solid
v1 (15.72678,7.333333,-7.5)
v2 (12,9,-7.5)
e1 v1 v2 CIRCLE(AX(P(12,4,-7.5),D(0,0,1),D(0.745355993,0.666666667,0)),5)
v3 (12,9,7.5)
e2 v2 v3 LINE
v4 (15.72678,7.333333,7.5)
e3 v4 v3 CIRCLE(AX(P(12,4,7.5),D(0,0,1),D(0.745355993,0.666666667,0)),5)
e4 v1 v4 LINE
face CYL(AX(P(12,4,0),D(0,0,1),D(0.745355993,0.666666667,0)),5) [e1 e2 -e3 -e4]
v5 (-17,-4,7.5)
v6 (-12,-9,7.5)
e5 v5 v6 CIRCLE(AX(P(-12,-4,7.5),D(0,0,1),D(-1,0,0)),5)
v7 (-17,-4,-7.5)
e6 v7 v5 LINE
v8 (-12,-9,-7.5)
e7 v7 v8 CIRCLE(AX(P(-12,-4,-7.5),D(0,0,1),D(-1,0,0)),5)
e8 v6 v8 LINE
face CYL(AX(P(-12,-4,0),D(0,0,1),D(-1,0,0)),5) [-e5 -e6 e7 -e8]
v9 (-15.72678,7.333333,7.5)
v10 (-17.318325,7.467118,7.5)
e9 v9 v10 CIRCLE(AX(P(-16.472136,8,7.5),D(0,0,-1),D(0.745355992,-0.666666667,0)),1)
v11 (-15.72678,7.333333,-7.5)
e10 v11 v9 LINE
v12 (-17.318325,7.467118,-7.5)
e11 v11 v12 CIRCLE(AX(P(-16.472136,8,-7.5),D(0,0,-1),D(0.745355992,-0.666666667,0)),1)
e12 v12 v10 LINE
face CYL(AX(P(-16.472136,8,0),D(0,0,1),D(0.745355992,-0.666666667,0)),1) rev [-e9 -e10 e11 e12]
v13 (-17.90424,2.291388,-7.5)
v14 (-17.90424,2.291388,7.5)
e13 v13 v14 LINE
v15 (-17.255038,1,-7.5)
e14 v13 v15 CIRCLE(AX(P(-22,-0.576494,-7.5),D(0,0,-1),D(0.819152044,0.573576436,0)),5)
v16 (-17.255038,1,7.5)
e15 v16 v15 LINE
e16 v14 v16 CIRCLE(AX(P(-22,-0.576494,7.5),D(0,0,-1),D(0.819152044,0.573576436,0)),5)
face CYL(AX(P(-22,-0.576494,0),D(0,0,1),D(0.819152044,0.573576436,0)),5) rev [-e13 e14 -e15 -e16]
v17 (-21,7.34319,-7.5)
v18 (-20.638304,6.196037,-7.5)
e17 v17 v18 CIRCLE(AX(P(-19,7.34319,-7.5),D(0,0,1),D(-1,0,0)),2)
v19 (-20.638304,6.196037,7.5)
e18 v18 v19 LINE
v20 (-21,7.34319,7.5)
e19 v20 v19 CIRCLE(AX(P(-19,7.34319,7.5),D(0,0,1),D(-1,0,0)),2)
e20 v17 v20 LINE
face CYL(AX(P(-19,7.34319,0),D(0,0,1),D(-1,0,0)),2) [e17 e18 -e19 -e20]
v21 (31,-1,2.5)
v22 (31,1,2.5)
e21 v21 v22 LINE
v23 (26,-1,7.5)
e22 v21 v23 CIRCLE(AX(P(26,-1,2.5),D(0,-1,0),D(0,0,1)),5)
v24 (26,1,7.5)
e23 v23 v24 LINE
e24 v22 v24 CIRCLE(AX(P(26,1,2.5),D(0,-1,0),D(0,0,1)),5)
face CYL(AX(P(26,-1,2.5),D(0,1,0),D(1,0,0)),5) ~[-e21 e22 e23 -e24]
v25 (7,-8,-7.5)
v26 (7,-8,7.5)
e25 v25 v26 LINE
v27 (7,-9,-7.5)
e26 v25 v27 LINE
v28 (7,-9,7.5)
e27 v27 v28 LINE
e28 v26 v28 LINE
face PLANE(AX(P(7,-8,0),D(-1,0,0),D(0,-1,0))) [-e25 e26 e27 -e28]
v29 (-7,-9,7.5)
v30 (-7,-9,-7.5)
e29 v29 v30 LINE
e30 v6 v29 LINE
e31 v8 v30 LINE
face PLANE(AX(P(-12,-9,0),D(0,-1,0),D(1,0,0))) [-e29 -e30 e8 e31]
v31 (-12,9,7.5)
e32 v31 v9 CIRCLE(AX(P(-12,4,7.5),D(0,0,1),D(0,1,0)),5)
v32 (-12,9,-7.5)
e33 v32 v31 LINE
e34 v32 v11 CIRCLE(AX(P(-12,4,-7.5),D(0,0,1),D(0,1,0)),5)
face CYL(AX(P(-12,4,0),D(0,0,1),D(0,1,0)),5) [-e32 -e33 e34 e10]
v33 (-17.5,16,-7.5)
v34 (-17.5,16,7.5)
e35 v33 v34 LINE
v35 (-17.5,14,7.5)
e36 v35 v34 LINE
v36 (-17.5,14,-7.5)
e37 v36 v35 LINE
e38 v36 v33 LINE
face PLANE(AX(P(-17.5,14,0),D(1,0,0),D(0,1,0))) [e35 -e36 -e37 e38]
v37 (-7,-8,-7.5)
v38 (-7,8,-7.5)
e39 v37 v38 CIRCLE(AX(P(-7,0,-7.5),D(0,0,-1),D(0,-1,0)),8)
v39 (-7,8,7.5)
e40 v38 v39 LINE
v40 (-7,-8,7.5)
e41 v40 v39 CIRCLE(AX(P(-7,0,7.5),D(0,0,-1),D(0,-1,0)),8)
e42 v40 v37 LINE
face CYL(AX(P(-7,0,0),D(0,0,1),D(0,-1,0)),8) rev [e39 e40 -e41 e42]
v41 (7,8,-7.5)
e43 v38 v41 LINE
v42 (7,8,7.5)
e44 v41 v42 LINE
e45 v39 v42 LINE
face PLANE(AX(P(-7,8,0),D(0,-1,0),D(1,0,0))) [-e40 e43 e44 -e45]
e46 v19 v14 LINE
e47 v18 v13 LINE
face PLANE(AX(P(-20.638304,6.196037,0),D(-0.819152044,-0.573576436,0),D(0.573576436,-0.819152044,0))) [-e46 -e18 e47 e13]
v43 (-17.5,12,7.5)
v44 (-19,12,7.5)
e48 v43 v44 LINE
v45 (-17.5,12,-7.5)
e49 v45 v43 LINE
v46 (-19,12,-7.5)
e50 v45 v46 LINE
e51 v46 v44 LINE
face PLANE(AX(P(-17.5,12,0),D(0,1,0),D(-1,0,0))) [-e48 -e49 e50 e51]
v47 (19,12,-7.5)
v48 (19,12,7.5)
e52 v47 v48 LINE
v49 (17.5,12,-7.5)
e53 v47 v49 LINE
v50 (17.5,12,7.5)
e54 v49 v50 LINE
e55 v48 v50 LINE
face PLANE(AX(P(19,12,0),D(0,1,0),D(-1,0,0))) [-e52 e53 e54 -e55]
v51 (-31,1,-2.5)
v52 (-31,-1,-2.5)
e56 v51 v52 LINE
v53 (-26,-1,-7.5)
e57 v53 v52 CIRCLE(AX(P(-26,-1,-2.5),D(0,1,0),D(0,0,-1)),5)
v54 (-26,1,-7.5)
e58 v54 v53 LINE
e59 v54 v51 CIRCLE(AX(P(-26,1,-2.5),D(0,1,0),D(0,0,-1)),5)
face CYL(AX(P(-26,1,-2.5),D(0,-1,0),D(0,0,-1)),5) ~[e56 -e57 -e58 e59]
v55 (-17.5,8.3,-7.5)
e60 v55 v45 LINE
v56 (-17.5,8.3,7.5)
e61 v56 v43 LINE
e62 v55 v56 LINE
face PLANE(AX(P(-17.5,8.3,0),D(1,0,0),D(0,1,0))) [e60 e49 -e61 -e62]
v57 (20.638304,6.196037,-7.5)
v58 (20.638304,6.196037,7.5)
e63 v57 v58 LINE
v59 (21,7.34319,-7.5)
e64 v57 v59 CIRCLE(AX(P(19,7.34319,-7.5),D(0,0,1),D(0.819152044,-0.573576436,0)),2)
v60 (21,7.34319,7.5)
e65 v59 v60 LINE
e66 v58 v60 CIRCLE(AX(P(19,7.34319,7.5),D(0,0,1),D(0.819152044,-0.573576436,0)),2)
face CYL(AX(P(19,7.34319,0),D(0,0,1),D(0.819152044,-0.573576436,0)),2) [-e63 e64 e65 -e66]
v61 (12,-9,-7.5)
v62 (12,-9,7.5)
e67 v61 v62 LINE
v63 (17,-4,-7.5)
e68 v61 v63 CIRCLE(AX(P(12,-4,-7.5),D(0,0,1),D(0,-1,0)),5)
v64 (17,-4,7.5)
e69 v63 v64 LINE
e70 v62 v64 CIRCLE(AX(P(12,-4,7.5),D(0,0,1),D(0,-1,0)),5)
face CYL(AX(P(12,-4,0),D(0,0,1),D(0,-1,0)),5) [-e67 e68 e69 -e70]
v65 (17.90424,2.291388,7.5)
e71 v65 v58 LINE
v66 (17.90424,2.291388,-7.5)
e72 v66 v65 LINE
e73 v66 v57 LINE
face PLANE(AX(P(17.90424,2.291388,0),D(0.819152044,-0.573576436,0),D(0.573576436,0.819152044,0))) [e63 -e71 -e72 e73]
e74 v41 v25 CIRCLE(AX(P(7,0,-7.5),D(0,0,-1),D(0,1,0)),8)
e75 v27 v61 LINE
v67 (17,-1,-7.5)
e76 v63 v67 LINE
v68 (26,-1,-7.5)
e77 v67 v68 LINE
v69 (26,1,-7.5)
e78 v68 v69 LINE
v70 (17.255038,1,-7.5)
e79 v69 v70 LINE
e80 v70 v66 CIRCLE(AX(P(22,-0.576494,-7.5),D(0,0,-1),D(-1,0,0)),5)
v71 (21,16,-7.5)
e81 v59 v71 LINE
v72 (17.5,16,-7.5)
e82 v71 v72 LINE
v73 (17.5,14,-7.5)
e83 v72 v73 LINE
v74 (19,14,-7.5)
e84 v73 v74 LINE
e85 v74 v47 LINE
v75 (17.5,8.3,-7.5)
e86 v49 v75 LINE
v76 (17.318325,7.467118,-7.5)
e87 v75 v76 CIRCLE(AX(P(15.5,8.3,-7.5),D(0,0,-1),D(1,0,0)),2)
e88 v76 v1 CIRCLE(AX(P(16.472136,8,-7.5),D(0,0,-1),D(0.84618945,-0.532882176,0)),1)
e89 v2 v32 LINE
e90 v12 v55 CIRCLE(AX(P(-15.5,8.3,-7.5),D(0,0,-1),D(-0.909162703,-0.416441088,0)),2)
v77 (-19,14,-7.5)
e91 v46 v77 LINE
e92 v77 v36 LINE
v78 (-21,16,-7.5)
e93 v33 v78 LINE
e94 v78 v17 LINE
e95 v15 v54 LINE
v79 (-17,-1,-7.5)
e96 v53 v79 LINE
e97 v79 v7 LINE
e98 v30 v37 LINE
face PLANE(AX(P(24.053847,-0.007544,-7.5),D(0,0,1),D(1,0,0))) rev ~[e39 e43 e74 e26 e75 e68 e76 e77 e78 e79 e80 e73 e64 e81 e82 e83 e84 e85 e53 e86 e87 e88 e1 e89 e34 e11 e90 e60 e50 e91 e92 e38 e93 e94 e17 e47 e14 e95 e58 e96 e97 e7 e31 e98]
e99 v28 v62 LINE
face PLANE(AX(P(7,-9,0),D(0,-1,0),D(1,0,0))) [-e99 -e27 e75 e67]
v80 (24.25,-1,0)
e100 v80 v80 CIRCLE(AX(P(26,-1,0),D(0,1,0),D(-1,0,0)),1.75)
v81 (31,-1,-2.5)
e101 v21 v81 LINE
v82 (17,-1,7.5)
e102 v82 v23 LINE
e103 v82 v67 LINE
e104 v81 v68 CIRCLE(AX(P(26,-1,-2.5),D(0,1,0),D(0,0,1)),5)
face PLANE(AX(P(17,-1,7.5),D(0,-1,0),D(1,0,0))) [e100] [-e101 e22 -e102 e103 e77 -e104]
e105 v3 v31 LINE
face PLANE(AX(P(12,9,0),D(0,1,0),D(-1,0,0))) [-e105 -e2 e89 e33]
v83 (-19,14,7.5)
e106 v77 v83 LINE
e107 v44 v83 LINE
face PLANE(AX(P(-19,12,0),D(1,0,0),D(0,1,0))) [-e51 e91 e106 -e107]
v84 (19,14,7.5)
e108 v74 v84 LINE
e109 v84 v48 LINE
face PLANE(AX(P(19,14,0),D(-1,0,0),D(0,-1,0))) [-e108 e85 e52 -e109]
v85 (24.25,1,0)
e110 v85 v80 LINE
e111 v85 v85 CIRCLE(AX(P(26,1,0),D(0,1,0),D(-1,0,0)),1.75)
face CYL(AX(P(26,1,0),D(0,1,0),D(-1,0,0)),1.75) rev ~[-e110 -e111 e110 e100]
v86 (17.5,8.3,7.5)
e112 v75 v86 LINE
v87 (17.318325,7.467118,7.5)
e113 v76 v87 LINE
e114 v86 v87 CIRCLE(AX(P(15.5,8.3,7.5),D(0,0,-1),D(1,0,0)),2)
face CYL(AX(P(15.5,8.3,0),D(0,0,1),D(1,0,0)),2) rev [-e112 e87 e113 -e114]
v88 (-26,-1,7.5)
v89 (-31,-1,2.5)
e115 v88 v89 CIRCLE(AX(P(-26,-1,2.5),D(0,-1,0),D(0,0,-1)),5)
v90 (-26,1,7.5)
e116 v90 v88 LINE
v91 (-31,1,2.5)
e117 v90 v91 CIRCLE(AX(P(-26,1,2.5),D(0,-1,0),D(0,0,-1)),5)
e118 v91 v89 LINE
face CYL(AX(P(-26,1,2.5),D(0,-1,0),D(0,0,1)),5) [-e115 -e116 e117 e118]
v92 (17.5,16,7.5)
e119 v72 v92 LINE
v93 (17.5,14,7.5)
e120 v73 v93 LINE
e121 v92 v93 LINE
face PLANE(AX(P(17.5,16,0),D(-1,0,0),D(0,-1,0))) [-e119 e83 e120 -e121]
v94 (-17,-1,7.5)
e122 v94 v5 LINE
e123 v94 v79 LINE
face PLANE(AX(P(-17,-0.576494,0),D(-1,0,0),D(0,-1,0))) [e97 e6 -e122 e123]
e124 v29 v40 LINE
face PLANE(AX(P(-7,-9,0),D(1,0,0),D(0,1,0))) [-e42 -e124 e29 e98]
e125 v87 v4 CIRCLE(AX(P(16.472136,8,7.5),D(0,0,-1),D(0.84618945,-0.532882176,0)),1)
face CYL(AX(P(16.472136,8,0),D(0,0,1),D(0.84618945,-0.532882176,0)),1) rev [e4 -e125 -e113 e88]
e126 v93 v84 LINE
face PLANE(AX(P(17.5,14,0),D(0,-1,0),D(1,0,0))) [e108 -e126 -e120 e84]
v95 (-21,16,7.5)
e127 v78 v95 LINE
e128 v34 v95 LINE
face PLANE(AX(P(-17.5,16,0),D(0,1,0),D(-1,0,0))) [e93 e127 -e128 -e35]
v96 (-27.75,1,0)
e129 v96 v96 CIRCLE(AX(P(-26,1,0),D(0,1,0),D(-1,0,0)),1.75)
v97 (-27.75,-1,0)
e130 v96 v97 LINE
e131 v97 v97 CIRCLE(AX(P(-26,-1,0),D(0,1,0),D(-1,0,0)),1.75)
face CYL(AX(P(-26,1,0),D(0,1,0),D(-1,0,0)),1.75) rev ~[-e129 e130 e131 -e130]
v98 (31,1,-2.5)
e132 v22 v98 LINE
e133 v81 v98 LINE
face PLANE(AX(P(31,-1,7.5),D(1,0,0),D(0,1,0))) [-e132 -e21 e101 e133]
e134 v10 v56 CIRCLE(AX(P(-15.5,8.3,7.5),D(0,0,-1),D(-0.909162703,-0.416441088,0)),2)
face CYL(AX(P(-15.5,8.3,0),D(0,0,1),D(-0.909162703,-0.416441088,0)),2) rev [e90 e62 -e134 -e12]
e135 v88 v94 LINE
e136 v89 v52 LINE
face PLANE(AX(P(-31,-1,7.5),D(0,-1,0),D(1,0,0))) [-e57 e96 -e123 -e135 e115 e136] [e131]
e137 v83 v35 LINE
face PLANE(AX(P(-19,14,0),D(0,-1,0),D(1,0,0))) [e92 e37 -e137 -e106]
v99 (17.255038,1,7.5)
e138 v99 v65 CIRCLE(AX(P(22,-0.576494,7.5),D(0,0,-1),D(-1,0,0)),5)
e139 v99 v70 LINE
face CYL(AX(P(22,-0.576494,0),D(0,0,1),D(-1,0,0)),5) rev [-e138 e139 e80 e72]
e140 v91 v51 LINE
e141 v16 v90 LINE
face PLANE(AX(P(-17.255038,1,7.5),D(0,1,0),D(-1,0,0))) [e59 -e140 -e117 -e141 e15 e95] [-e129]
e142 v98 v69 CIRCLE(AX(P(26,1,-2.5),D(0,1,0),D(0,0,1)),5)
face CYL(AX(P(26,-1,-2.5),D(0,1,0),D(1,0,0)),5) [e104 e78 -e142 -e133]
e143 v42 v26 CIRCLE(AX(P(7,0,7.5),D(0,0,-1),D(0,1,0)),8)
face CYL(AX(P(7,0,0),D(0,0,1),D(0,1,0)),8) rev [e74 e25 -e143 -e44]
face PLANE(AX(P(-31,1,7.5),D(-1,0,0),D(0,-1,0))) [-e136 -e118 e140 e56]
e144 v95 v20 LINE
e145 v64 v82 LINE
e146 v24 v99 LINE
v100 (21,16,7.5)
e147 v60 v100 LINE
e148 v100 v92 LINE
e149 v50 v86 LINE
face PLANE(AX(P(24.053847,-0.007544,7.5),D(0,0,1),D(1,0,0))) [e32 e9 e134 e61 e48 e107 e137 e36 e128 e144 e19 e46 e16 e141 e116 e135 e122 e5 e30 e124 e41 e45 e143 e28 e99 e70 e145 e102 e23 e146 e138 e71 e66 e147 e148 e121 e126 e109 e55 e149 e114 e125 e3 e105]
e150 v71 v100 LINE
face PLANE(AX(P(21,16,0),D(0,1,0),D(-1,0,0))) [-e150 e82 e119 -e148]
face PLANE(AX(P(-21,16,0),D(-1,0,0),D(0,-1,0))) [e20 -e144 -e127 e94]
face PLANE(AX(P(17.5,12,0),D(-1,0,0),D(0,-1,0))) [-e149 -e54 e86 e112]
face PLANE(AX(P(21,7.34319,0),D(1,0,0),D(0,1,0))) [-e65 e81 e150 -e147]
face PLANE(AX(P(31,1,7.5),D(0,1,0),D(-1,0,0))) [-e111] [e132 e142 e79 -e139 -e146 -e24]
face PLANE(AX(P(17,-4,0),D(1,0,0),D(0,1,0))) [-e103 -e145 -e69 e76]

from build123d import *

# Parameters (mm, degrees)
F1_DEPTH = 7.5
F3_DEPTH = 15
F4_R     = 1.75
F5_DEPTH = 25
F6_R     = 5


with BuildPart() as f1:
    # F0 (on Top) → F1 (new body, symmetric)
    with BuildSketch(Plane.XY):
        with BuildLine():
            ThreePointArc((-7, -8), (-15, 0), (-7, 8))
            Line((-7, 8), (7, 8))
            ThreePointArc((7, 8), (15, 0), (7, -8))
            Line((7, -8), (7, -9))
            Line((7, -9), (12, -9))
            ThreePointArc((12, -9), (15.5355339059, -7.5355339059), (17, -4))
            Line((17, -4), (17, -0.5764939444))
            ThreePointArc((17, -0.5764939444), (17.2314152463, 0.9270350531), (17.9042397786, 2.2913882374))
            Line((17.9042397786, 2.2913882374), (20.6383040886, 6.196036732))
            ThreePointArc((20.6383040886, 6.196036732), (20.9074339015, 6.7417780057), (21, 7.3431896047))
            Line((21, 7.3431896047), (21, 16))
            Line((21, 16), (17.5, 16))
            Line((17.5, 16), (17.5, 14))
            Line((17.5, 14), (19, 14))
            Line((19, 14), (19, 12))
            Line((19, 12), (17.5, 12))
            Line((17.5, 12), (17.5, 8.3))
            ThreePointArc((17.5, 8.3), (17.4540535831, 7.8737669717), (17.3183254055, 7.4671178237))
            ThreePointArc((17.3183254055, 7.4671178237), (16.5559000227, 7.003514385), (15.7267799625, 7.3333333333))
            ThreePointArc((15.7267799625, 7.3333333333), (14.0412414523, 8.5643546459), (12, 9))
            Line((12, 9), (-12, 9))
            ThreePointArc((-12, 9), (-14.0412414523, 8.5643546459), (-15.7267799625, 7.3333333333))
            ThreePointArc((-15.7267799625, 7.3333333333), (-16.5559000227, 7.003514385), (-17.3183254055, 7.4671178237))
            ThreePointArc((-17.3183254055, 7.4671178237), (-17.4540535831, 7.8737669717), (-17.5, 8.3))
            Line((-17.5, 8.3), (-17.5, 12))
            Line((-17.5, 12), (-19, 12))
            Line((-19, 12), (-19, 14))
            Line((-19, 14), (-17.5, 14))
            Line((-17.5, 14), (-17.5, 16))
            Line((-17.5, 16), (-21, 16))
            Line((-21, 16), (-21, 7.3431896047))
            ThreePointArc((-21, 7.3431896047), (-20.9074339015, 6.7417780057), (-20.6383040886, 6.196036732))
            Line((-20.6383040886, 6.196036732), (-17.9042397786, 2.2913882374))
            ThreePointArc((-17.9042397786, 2.2913882374), (-17.2314152463, 0.9270350531), (-17, -0.5764939444))
            Line((-17, -0.5764939444), (-17, -4))
            ThreePointArc((-17, -4), (-15.5355339059, -7.5355339059), (-12, -9))
            Line((-12, -9), (-7, -9))
            Line((-7, -9), (-7, -8))
        make_face()
    extrude(amount=F1_DEPTH, both=True)

    # F2 (on face) → F3 (join)
    with BuildSketch(Plane.XY.offset(7.5)):
        with BuildLine():
            Line((31, 1), (17.2550377406, 1))
            ThreePointArc((17.2550377406, 1), (17.0641712298, 0.2220011097), (17, -0.5764939444))
            Line((17, -0.5764939444), (17, -1))
            Line((17, -1), (31, -1))
            Line((31, -1), (31, 1))
        make_face()
        with BuildLine():
            Line((-31, -1), (-17, -1))
            Line((-17, -1), (-17, -0.5764939444))
            ThreePointArc((-17, -0.5764939444), (-17.0641712298, 0.2220011097), (-17.2550377406, 1))
            Line((-17.2550377406, 1), (-31, 1))
            Line((-31, 1), (-31, -1))
        make_face()
    extrude(amount=-F3_DEPTH)

    # F4 (on face) → F5 (cut)
    with BuildSketch(Plane(origin=(0, 1, 0), x_dir=(-1, 0, 0), z_dir=(0, 1, 0))):
        with Locations((-26, 0)):
            Circle(F4_R)
        with Locations((26, 0)):
            Circle(F4_R)
    extrude(amount=-F5_DEPTH, mode=Mode.SUBTRACT)

    # F6
    f6_edges = [f1.edges().sort_by_distance(p)[0] for p in [
        (-31, 0, -7.5),
        (-31, 0, 7.5),
        (31, 0, -7.5),
        (31, 0, 7.5),
    ]]
    fillet(f6_edges, radius=F6_R)


solid = f1.part
